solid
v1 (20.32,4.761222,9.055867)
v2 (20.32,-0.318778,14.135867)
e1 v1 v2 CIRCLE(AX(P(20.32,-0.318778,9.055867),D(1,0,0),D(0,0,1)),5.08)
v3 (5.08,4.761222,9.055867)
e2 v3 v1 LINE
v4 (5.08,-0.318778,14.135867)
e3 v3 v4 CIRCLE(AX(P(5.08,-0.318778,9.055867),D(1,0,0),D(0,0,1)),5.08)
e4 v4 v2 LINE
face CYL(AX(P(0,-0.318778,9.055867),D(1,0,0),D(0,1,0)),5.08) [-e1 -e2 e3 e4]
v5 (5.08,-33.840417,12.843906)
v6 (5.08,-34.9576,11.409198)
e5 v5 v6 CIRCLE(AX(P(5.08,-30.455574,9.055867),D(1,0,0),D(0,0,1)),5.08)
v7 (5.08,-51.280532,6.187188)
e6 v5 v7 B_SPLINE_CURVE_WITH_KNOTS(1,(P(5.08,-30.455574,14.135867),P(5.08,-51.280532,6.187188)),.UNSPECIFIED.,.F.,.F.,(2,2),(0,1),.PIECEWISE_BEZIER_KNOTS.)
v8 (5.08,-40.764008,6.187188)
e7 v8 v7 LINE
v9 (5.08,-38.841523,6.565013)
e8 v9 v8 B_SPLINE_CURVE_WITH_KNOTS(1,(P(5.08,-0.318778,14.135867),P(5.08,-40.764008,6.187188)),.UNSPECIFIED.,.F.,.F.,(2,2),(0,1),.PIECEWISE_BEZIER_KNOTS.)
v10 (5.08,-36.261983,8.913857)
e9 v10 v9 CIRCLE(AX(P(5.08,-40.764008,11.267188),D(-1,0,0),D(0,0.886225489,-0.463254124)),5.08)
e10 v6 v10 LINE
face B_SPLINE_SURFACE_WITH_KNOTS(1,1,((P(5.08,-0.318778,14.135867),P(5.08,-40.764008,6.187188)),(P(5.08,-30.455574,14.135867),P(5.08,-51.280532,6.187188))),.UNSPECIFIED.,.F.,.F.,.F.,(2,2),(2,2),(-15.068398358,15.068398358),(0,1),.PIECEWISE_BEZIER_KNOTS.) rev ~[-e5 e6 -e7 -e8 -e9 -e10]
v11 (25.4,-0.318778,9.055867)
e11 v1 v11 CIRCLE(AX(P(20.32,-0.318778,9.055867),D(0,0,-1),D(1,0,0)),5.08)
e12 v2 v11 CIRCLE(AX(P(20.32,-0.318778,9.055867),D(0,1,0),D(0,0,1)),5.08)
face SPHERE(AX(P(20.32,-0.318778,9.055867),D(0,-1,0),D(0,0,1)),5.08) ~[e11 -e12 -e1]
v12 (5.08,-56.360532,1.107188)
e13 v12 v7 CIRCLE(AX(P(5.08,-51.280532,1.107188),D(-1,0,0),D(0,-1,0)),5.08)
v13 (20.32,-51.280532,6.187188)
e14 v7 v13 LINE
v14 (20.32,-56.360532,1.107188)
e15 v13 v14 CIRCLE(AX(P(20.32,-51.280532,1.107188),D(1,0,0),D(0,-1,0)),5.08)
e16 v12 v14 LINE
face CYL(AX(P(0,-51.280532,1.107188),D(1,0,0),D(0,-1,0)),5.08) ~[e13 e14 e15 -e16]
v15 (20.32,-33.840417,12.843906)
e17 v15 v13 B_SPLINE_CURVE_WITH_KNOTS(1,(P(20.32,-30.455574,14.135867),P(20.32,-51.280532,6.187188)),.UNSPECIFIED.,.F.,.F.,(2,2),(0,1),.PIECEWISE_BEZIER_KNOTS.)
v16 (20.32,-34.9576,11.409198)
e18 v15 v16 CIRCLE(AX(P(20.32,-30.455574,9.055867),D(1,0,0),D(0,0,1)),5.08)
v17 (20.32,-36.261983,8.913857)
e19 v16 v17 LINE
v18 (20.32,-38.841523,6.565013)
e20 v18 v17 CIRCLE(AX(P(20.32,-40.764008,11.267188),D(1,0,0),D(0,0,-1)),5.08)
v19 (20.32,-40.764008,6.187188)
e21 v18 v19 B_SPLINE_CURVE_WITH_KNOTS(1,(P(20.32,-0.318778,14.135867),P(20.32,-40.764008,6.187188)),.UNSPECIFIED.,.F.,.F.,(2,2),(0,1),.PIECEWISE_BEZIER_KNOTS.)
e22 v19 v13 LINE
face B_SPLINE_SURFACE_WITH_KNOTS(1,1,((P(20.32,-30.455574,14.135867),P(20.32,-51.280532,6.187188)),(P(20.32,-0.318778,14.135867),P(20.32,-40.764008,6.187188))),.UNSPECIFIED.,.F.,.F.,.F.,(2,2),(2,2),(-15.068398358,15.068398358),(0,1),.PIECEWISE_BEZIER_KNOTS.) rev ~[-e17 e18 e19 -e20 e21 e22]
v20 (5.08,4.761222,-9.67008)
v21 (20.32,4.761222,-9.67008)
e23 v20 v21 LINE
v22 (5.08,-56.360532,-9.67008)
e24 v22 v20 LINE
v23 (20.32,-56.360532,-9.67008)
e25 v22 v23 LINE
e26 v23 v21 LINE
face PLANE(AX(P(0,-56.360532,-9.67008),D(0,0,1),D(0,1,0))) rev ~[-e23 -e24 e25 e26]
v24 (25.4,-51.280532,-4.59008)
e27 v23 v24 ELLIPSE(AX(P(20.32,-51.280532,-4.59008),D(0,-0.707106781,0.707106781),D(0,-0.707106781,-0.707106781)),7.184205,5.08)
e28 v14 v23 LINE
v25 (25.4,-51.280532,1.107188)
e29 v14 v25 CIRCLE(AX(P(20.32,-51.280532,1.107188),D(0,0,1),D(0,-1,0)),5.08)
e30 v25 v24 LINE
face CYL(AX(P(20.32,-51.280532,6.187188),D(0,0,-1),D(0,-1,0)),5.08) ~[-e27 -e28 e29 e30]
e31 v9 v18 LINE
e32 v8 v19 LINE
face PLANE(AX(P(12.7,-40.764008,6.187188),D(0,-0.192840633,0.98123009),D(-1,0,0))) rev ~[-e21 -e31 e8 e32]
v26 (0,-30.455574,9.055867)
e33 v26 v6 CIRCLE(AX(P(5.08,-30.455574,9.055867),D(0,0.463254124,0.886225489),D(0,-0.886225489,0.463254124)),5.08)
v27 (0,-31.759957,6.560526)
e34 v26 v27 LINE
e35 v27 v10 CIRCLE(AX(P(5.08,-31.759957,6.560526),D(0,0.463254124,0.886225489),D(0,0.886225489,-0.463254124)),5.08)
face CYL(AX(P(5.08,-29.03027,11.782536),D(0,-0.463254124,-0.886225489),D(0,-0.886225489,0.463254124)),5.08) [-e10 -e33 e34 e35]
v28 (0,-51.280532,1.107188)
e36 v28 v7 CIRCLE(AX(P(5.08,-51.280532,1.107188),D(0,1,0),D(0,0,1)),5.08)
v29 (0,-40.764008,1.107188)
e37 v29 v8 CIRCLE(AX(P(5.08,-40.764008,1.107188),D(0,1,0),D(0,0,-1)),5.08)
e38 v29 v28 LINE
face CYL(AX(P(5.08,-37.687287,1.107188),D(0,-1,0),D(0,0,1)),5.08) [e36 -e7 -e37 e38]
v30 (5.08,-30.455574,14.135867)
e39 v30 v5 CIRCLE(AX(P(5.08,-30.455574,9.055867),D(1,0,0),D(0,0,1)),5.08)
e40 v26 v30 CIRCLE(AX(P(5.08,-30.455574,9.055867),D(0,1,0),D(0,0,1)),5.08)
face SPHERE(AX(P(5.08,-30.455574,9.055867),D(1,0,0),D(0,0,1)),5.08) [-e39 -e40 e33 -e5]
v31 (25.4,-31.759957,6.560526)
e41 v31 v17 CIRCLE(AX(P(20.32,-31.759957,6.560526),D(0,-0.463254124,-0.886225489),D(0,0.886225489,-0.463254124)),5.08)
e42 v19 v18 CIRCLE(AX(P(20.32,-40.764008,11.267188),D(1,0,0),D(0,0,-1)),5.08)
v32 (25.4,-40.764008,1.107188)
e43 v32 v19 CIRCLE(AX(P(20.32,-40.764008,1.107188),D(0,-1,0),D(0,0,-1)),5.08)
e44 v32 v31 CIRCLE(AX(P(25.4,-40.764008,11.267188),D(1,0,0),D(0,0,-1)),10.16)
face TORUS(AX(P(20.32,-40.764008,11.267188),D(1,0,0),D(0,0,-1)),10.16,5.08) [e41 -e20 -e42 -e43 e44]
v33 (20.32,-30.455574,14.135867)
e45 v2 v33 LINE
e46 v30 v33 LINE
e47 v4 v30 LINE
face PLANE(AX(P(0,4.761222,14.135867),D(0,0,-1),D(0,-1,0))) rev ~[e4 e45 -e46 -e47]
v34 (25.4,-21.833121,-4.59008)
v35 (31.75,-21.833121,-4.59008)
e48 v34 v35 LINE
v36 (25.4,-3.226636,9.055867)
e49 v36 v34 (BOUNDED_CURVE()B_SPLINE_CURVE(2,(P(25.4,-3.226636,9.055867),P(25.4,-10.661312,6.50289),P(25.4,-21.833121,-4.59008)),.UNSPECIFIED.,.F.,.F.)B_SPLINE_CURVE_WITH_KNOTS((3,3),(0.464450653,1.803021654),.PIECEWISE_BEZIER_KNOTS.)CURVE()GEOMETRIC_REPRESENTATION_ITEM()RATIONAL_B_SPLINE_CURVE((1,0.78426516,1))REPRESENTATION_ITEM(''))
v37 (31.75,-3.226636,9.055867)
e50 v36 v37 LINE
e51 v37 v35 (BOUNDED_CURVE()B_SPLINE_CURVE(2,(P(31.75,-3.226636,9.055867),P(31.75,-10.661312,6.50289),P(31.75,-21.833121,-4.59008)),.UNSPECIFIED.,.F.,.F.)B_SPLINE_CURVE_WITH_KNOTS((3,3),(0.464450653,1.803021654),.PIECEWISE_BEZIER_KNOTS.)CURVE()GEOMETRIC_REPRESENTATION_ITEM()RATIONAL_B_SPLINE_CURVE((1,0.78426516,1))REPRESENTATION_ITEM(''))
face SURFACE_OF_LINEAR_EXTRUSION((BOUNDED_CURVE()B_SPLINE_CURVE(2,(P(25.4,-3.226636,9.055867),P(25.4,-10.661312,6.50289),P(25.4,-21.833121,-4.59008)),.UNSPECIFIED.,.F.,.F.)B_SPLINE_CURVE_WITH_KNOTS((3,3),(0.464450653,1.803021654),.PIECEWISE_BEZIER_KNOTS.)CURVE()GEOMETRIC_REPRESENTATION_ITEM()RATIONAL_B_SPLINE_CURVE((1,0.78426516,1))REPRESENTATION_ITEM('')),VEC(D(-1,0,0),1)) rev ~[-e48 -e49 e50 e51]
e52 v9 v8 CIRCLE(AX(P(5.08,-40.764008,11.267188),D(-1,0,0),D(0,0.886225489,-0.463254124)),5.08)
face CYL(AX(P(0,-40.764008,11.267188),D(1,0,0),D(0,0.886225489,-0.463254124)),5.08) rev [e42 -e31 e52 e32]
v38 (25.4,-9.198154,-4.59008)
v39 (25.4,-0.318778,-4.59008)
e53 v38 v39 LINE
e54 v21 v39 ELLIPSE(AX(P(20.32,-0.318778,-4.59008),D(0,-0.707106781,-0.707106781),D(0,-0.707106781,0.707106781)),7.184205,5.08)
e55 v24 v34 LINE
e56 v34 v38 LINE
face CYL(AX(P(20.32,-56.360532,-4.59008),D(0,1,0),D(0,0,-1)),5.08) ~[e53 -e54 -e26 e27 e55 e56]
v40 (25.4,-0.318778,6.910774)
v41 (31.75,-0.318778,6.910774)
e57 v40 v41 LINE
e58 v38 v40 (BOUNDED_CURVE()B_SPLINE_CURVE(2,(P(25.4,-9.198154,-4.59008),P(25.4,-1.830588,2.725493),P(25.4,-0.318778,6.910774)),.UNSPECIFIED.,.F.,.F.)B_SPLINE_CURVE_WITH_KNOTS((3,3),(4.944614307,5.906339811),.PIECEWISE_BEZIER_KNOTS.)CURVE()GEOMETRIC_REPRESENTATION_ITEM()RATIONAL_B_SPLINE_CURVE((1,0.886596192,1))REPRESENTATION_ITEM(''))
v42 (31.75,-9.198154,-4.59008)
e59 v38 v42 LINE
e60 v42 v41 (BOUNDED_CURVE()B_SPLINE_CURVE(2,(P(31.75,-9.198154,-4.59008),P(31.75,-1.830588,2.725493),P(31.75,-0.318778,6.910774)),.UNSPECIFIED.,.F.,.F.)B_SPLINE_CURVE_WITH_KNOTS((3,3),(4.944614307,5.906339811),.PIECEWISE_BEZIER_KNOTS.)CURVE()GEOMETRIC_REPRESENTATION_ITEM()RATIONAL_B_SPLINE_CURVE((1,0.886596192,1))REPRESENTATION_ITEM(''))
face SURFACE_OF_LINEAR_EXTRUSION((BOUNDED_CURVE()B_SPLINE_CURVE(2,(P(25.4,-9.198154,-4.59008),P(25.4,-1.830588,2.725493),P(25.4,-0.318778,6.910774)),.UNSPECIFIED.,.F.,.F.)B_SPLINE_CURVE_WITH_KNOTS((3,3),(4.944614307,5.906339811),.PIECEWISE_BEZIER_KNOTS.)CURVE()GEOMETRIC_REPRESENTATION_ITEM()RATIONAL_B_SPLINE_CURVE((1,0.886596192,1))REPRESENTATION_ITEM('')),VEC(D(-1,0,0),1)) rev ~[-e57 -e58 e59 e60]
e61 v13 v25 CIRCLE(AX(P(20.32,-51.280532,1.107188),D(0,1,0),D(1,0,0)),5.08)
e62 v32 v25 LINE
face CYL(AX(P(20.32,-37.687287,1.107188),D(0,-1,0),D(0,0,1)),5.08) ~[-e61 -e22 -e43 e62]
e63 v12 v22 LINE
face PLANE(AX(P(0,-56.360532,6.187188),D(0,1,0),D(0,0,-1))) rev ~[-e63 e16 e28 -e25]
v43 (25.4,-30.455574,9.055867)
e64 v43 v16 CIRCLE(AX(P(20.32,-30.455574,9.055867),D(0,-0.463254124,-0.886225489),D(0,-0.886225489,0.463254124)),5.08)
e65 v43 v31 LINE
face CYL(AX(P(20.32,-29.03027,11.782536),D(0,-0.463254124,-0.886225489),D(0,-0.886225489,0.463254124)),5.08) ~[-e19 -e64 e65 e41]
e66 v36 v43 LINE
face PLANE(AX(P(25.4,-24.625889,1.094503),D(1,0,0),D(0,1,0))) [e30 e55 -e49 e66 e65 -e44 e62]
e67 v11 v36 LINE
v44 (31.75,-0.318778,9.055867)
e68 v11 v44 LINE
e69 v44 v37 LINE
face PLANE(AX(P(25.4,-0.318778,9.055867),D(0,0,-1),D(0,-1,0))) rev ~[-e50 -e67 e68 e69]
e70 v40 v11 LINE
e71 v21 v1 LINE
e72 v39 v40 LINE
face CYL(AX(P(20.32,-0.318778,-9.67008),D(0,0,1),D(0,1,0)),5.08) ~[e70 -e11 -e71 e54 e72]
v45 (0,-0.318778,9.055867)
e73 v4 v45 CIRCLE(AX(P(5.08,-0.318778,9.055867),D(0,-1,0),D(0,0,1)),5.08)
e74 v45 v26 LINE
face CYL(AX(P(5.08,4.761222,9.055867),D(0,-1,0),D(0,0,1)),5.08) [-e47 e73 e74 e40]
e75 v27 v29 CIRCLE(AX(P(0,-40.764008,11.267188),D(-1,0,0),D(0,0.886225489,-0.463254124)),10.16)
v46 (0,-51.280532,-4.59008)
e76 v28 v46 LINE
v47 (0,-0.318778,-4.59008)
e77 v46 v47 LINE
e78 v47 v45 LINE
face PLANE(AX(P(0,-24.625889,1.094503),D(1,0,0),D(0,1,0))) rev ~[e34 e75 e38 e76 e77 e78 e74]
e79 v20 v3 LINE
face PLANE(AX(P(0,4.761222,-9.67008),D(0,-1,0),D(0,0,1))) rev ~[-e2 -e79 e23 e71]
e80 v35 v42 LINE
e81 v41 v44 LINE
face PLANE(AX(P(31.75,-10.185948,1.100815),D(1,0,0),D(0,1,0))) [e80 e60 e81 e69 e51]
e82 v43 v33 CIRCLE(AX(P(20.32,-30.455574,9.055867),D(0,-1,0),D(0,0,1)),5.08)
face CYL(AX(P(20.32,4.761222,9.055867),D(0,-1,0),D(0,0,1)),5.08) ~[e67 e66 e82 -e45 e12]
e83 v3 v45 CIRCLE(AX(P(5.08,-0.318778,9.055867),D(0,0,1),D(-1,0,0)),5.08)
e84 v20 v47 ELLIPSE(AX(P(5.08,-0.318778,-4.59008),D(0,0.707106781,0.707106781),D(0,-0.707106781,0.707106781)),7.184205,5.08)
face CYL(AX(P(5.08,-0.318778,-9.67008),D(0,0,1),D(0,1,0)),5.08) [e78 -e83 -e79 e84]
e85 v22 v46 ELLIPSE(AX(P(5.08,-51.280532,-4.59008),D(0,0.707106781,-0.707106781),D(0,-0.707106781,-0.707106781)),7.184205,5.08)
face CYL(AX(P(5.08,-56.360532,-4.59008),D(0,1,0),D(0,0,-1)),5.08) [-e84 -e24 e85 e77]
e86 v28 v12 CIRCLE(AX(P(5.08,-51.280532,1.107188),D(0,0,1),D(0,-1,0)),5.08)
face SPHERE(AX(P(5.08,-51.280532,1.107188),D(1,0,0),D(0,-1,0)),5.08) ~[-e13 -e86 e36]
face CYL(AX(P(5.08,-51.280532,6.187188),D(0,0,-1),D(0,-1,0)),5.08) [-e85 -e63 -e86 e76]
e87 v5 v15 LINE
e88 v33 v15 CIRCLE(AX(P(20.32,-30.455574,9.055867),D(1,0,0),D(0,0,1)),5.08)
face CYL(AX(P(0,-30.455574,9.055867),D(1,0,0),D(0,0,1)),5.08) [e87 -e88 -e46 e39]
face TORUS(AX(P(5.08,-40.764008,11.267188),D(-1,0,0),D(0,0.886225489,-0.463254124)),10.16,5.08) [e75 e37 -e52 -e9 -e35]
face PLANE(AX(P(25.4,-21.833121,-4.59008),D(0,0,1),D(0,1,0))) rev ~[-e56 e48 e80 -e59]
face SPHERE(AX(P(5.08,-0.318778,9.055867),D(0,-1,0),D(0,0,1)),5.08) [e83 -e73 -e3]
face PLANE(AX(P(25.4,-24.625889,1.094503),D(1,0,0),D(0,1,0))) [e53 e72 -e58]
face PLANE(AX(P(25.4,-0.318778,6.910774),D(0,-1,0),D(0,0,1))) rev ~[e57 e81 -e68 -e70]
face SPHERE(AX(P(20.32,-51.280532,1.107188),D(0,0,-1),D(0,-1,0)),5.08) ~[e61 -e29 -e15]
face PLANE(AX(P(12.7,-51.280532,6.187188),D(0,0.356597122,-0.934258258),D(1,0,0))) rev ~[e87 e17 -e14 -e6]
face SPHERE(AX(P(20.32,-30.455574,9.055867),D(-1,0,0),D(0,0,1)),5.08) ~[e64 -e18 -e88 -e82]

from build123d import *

# Parameters (mm, degrees)
F1_DEPTH   = 25.4
F2_R       = 5.08
F1_FACE_W  = 15.24
F1_FACE_H  = 30.1367967168
F1_FACE1_W = 15.24
F1_FACE1_H = 10.5165233221
F5_DEPTH   = 6.35


with BuildPart() as f1:
    # F0 (on Right) → F1 (new body)
    with BuildSketch(Plane.YZ):
        Polygon((-56.3605315983, 6.1871875077), (-56.3605315983, -9.6700796857), (4.7612222843, -9.6700796857), (4.7612222843, 6.1871875077), (4.7612222843, 14.1358673573), (-33.5322959741, 14.1358673573), (-37.6872867346, 6.1871875077), align=None)
    extrude(amount=F1_DEPTH)

    # F2
    f2_edges = [f1.edges().sort_by_distance(p)[0] for p in [
        (25.4, -56.360532, -1.741446),
        (12.7, -56.360532, 6.187188),
        (0, -56.360532, -1.741446),
        (25.4, -47.023909, 6.187188),
        (25.4, -35.609791, 10.161527),
        (12.7, -33.532296, 14.135867),
        (12.7, -37.687287, 6.187188),
        (25.4, -14.385537, 14.135867),
        (0, -14.385537, 14.135867),
        (12.7, 4.761222, 14.135867),
        (25.4, 4.761222, 2.232894),
        (25.4, -25.799655, -9.67008),
        (0, 4.761222, 2.232894),
        (0, -25.799655, -9.67008),
        (0, -35.609791, 10.161527),
        (0, -47.023909, 6.187188),
    ]]
    fillet(f2_edges, radius=F2_R)

    # F1_face (on face) → F3 section 0
    with BuildSketch(Plane(origin=(12.7, -15.3871760741, 14.1358673573), x_dir=(1, 0, 0), z_dir=(0, 0, 1))):
        Rectangle(F1_FACE_W, F1_FACE_H)
    # F1_face1 (on face) → F3 section 1
    with BuildSketch(Plane(origin=(12.7, -46.0222699373, 6.1871875077), x_dir=(1, 0, 0), z_dir=(0, 0, 1))):
        Rectangle(F1_FACE1_W, F1_FACE1_H)
    loft()

    # F4 (on face) → F5 (join)
    with BuildSketch(Plane.YZ.offset(25.4)):
        with BuildLine():
            Line((-0.3187777157, 9.0558673573), (-3.2266356666, 9.0558673573))
            add(Edge.make_bspline(
                [(-3.2266356666, 9.0558673573), (-10.6613118154, 6.5028903713), (-21.8331213212, -4.5900796857)],
                knots=[0.4644506535, 0.4644506535, 0.4644506535, 1.8030216535, 1.8030216535, 1.8030216535], degree=2, weights=[1, 0.7842651602, 1]))
            Line((-21.8331213212, -4.5900796857), (-9.1981538469, -4.5900796857))
            add(Edge.make_bspline(
                [(-9.1981538469, -4.5900796857), (-1.8305878019, 2.7254934529), (-0.3187777157, 6.9107739232)],
                knots=[4.9446143071, 4.9446143071, 4.9446143071, 5.9063398106, 5.9063398106, 5.9063398106], degree=2, weights=[1, 0.8865961919, 1]))
            Line((-0.3187777157, 6.9107739232), (-0.3187777157, 9.0558673573))
        make_face()
    extrude(amount=F5_DEPTH)


solid = f1.part
